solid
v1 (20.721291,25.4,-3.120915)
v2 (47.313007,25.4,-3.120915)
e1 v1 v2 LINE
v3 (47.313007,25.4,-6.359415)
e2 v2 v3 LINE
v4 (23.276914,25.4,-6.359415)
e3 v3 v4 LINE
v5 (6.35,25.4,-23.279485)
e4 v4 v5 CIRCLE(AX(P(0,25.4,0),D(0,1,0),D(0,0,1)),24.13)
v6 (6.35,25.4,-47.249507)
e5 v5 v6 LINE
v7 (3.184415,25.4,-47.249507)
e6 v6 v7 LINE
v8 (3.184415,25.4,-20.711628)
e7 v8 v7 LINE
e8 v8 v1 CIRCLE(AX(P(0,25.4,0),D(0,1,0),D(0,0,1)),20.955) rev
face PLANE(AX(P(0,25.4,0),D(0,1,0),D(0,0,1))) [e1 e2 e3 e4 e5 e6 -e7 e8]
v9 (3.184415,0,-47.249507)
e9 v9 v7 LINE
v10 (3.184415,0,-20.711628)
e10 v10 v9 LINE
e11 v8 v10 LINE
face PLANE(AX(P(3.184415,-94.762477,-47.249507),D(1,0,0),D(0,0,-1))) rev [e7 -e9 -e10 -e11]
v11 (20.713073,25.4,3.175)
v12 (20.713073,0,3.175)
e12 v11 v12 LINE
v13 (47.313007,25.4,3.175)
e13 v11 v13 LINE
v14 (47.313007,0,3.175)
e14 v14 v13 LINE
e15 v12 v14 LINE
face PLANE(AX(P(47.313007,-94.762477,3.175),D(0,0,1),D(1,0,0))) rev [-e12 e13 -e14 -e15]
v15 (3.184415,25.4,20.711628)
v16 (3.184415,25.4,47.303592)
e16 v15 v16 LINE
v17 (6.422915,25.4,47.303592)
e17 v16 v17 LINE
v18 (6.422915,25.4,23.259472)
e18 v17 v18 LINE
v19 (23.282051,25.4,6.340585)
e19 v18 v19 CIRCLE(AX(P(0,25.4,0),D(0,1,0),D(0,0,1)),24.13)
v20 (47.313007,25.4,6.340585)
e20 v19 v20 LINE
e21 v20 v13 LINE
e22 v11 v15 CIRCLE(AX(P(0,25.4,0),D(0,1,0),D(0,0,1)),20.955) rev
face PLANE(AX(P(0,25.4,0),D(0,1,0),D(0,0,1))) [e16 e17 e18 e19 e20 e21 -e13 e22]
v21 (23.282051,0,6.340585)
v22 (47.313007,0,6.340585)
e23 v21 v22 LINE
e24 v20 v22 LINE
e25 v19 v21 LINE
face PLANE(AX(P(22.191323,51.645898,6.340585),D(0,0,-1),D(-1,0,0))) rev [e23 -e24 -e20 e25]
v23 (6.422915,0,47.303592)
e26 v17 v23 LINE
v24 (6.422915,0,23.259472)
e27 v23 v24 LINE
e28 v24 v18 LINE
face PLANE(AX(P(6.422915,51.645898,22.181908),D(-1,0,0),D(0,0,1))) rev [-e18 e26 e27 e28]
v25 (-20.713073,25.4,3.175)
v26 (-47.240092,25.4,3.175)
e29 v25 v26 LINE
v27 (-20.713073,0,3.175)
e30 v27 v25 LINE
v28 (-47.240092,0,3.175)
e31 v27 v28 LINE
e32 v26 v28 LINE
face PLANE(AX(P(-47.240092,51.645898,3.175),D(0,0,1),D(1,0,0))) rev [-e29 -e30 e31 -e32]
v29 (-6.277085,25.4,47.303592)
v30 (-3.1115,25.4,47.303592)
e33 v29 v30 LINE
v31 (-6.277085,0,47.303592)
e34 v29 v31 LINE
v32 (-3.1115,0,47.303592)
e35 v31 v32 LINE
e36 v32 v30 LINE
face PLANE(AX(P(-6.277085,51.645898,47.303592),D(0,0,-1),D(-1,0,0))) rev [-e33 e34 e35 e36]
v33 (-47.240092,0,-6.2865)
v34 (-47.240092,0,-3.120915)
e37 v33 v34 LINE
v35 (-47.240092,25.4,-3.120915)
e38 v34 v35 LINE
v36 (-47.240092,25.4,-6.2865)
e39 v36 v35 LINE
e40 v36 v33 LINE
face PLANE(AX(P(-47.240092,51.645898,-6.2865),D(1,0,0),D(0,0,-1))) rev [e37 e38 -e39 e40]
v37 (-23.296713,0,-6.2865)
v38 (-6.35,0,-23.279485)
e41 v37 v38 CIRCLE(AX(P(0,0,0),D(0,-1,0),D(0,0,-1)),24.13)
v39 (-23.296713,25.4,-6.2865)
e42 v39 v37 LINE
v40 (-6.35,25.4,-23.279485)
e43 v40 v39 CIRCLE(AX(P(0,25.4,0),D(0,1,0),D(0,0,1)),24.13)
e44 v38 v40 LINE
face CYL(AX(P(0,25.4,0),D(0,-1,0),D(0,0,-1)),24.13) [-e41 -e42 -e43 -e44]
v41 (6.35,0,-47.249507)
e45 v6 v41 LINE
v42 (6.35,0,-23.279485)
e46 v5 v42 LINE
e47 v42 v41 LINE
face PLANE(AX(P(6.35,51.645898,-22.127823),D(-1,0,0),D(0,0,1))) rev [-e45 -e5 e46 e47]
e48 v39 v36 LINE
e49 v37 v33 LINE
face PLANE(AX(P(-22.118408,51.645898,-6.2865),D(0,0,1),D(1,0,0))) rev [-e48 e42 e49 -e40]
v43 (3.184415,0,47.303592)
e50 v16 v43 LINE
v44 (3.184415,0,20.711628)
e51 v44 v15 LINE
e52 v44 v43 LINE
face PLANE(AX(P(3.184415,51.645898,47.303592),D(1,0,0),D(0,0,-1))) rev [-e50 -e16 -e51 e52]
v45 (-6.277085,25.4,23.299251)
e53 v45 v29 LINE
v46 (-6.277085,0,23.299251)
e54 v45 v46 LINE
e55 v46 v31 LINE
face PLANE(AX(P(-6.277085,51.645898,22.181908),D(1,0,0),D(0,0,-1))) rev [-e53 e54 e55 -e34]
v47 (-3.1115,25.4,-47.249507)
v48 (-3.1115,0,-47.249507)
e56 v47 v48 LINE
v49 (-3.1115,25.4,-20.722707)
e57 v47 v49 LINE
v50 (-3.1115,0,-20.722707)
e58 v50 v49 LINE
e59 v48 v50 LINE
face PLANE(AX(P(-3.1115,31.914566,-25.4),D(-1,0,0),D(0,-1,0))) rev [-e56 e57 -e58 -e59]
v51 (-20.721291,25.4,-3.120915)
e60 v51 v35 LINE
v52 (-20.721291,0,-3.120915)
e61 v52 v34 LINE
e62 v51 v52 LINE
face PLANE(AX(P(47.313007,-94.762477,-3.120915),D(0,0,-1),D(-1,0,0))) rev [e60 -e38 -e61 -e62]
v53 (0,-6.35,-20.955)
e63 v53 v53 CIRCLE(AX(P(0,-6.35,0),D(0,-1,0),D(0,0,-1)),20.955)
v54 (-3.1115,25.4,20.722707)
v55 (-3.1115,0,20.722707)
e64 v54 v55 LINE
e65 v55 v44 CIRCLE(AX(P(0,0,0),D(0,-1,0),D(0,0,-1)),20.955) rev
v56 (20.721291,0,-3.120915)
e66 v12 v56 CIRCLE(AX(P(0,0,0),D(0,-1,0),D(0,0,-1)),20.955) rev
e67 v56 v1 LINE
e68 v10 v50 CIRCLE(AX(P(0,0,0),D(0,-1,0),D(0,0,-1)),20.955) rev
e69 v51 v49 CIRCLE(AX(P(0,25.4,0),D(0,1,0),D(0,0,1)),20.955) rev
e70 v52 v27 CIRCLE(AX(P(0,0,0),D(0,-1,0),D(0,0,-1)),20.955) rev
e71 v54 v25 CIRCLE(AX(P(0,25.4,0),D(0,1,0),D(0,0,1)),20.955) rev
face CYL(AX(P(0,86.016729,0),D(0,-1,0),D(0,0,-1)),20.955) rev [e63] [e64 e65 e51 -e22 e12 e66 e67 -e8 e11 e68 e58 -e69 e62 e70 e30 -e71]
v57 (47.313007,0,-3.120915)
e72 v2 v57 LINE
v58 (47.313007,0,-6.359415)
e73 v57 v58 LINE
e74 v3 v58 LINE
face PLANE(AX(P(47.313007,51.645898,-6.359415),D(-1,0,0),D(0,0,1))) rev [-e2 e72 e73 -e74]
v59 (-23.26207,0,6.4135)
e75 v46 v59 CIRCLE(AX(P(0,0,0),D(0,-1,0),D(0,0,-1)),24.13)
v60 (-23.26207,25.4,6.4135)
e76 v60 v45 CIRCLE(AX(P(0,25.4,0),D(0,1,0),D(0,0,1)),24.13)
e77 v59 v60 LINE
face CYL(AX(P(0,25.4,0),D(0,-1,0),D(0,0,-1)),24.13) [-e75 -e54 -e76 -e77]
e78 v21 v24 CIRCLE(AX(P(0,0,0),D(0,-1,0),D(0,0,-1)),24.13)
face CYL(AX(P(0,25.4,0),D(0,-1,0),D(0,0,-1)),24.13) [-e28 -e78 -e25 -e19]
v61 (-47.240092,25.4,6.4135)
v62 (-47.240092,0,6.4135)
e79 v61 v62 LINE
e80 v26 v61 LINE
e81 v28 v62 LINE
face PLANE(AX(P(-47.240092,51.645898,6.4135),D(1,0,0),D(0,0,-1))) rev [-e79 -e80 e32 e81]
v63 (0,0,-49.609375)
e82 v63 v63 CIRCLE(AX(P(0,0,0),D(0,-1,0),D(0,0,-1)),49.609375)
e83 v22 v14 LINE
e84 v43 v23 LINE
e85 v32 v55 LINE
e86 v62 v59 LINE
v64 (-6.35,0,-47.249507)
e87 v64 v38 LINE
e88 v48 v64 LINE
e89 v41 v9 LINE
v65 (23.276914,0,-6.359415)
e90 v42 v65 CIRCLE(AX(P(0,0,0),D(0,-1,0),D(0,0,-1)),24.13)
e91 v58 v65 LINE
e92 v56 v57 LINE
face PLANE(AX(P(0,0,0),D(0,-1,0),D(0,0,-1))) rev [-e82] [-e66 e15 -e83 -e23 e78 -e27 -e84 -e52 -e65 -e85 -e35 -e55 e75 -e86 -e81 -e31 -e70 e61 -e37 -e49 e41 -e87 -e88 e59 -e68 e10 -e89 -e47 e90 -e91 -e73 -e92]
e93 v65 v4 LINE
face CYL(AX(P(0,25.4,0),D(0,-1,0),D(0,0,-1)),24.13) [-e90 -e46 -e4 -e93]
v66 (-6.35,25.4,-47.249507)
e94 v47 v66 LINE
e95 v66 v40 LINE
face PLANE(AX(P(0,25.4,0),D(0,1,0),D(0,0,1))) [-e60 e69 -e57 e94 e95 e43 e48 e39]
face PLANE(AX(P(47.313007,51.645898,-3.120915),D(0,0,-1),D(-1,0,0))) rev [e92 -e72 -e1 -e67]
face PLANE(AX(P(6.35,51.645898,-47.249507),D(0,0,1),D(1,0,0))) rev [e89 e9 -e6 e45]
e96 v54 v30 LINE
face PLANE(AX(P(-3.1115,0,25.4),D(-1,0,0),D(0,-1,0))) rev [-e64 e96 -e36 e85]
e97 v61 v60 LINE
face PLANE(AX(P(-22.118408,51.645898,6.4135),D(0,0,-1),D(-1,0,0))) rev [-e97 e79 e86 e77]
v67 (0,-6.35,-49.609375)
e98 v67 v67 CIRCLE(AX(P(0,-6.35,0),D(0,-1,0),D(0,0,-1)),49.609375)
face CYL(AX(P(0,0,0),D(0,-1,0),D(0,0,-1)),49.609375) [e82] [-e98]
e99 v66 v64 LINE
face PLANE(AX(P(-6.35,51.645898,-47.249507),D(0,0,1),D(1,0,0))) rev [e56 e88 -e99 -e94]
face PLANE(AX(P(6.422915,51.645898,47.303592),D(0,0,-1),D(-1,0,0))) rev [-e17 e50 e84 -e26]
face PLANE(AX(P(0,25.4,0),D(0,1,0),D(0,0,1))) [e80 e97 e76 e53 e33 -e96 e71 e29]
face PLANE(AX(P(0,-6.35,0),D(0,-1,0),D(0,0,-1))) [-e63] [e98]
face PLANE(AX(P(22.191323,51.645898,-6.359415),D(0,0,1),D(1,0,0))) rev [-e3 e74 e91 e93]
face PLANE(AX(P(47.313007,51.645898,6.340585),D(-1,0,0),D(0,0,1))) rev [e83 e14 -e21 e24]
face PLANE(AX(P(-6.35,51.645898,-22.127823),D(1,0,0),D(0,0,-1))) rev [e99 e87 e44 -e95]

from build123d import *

# Parameters (mm, degrees)
SKETCH1_R           = 24.13
SKETCH1_R_2         = 21.43125
BOSS_EXTRUDE1_DEPTH = 25.4
SKETCH2_W           = 6.223
SKETCH2_H           = 31.914566101
CUT_EXTRUDE1_DEPTH  = 25.4
CIRPATTERN1_COUNT   = 4
SKETCH3_R           = 24.13
SKETCH3_R_2         = 21.43125
BOSS_EXTRUDE3_DEPTH = 3.175
SKETCH4_R           = 49.609375
SKETCH4_R_2         = 24.13
BOSS_EXTRUDE4_DEPTH = 3.175
BOSS_EXTRUDE5_DEPTH = 25.4
SKETCH11_R          = 21.43125
SKETCH11_R_2        = 20.955
BOSS_EXTRUDE6_DEPTH = 28.575
SKETCH14_R          = 49.609375
SKETCH14_R_2        = 20.955
BOSS_EXTRUDE7_DEPTH = 3.175
SKETCH15_W          = 94.553098484
SKETCH15_H          = 6.29591516
CUT_EXTRUDE8_DEPTH  = 25.4
SKETCH16_W          = 6.29591516
SKETCH16_H          = 94.553098484
CUT_EXTRUDE9_DEPTH  = 25.4


with BuildPart() as part:
    # Sketch1 → Boss-Extrude1 (new body)
    with BuildSketch(Plane(origin=(0, 0, 0), x_dir=(1, 0, 0), z_dir=(0, 1, 0))):
        Circle(SKETCH1_R)
        Circle(SKETCH1_R_2, mode=Mode.SUBTRACT)
    extrude(amount=BOSS_EXTRUDE1_DEPTH)

    # Sketch2 → Cut-Extrude1 (cut)
    with BuildSketch(Plane.XY):
        with Locations((0, 15.957283051)):
            Rectangle(SKETCH2_W, SKETCH2_H)
    cut_extrude1 = extrude(amount=-CUT_EXTRUDE1_DEPTH, mode=Mode.SUBTRACT)

    # CirPattern1: Cut-Extrude1 ×4 about axis
    cirpattern1_axis = Axis((0, 0, 0), (0, 1, 0))
    for i in range(1, CIRPATTERN1_COUNT):
        add(cut_extrude1.rotate(cirpattern1_axis, i * 360 / CIRPATTERN1_COUNT), mode=Mode.SUBTRACT)

    # Sketch3 → Boss-Extrude3 (add)
    with BuildSketch(Plane.XZ):
        Circle(SKETCH3_R)
        Circle(SKETCH3_R_2, mode=Mode.SUBTRACT)
    extrude(amount=BOSS_EXTRUDE3_DEPTH)

    # Sketch4 → Boss-Extrude4 (add)
    with BuildSketch(Plane(origin=(0, -3.175, 0), x_dir=(-1, 0, 0), z_dir=(0, -1, 0))):
        Circle(SKETCH4_R)
        Circle(SKETCH4_R_2, mode=Mode.SUBTRACT)
    extrude(amount=-BOSS_EXTRUDE4_DEPTH)

    # Sketch6 → Boss-Extrude5 (add)
    with BuildSketch(Plane(origin=(0, 0, 0), x_dir=(1, 0, 0), z_dir=(0, 1, 0))):
        Polygon((3.1115, 21.204175162), (3.1115, 23.929621576), (3.1115, 47.249506822), (6.35, 47.249506822), (6.35, 22.127823022), align=None)
        Polygon((-3.1115, 21.204175162), (-3.1115, 23.929621576), (-3.1115, 47.249506822), (-6.35, 47.249506822), (-6.35, 22.127823022), align=None)
        Polygon((21.267675162, 3.12091516), (23.993121576, 3.12091516), (47.313006822, 3.12091516), (47.313006822, 6.35941516), (22.191323022, 6.35941516), align=None)
        Polygon((47.313006822, -3.10208484), (23.993121576, -3.10208484), (21.267675162, -3.10208484), (22.191323022, -6.34058484), (47.313006822, -6.34058484), align=None)
        Polygon((3.18441516, -21.258260002), (3.18441516, -23.983706416), (3.18441516, -47.303591662), (6.42291516, -47.303591662), (6.42291516, -22.181907862), align=None)
        Polygon((-3.03858484, -47.303591662), (-3.03858484, -23.983706416), (-3.03858484, -21.258260002), (-6.27708484, -22.181907862), (-6.27708484, -47.303591662), align=None)
        Polygon((-21.194760002, -3.175), (-23.920206416, -3.175), (-47.240091662, -3.175), (-47.240091662, -6.4135), (-22.118407862, -6.4135), align=None)
        Polygon((-47.240091662, 3.048), (-23.920206416, 3.048), (-21.194760002, 3.048), (-22.118407862, 6.2865), (-47.240091662, 6.2865), align=None)
    extrude(amount=BOSS_EXTRUDE5_DEPTH)

    # Sketch11 → Boss-Extrude6 (add)
    with BuildSketch(Plane.XZ.offset(3.175)):
        Circle(SKETCH11_R)
        Circle(SKETCH11_R_2, mode=Mode.SUBTRACT)
    extrude(amount=-BOSS_EXTRUDE6_DEPTH)

    # Sketch14 → Boss-Extrude7 (add)
    with BuildSketch(Plane.XZ.offset(3.175)):
        Circle(SKETCH14_R)
        Circle(SKETCH14_R_2, mode=Mode.SUBTRACT)
    extrude(amount=BOSS_EXTRUDE7_DEPTH)

    # Sketch15 → Cut-Extrude8 (cut)
    with BuildSketch(Plane(origin=(0, 25.4, 0), x_dir=(1, 0, 0), z_dir=(0, 1, 0))):
        with Locations((0.03645758, -0.02704242)):
            Rectangle(SKETCH15_W, SKETCH15_H)
    extrude(amount=-CUT_EXTRUDE8_DEPTH, mode=Mode.SUBTRACT)

    # Sketch16 → Cut-Extrude9 (cut)
    with BuildSketch(Plane(origin=(0, 25.4, 0), x_dir=(1, 0, 0), z_dir=(0, 1, 0))):
        with Locations((0.03645758, -0.02704242)):
            Rectangle(SKETCH16_W, SKETCH16_H)
    extrude(amount=-CUT_EXTRUDE9_DEPTH, mode=Mode.SUBTRACT)


solid = part.part
